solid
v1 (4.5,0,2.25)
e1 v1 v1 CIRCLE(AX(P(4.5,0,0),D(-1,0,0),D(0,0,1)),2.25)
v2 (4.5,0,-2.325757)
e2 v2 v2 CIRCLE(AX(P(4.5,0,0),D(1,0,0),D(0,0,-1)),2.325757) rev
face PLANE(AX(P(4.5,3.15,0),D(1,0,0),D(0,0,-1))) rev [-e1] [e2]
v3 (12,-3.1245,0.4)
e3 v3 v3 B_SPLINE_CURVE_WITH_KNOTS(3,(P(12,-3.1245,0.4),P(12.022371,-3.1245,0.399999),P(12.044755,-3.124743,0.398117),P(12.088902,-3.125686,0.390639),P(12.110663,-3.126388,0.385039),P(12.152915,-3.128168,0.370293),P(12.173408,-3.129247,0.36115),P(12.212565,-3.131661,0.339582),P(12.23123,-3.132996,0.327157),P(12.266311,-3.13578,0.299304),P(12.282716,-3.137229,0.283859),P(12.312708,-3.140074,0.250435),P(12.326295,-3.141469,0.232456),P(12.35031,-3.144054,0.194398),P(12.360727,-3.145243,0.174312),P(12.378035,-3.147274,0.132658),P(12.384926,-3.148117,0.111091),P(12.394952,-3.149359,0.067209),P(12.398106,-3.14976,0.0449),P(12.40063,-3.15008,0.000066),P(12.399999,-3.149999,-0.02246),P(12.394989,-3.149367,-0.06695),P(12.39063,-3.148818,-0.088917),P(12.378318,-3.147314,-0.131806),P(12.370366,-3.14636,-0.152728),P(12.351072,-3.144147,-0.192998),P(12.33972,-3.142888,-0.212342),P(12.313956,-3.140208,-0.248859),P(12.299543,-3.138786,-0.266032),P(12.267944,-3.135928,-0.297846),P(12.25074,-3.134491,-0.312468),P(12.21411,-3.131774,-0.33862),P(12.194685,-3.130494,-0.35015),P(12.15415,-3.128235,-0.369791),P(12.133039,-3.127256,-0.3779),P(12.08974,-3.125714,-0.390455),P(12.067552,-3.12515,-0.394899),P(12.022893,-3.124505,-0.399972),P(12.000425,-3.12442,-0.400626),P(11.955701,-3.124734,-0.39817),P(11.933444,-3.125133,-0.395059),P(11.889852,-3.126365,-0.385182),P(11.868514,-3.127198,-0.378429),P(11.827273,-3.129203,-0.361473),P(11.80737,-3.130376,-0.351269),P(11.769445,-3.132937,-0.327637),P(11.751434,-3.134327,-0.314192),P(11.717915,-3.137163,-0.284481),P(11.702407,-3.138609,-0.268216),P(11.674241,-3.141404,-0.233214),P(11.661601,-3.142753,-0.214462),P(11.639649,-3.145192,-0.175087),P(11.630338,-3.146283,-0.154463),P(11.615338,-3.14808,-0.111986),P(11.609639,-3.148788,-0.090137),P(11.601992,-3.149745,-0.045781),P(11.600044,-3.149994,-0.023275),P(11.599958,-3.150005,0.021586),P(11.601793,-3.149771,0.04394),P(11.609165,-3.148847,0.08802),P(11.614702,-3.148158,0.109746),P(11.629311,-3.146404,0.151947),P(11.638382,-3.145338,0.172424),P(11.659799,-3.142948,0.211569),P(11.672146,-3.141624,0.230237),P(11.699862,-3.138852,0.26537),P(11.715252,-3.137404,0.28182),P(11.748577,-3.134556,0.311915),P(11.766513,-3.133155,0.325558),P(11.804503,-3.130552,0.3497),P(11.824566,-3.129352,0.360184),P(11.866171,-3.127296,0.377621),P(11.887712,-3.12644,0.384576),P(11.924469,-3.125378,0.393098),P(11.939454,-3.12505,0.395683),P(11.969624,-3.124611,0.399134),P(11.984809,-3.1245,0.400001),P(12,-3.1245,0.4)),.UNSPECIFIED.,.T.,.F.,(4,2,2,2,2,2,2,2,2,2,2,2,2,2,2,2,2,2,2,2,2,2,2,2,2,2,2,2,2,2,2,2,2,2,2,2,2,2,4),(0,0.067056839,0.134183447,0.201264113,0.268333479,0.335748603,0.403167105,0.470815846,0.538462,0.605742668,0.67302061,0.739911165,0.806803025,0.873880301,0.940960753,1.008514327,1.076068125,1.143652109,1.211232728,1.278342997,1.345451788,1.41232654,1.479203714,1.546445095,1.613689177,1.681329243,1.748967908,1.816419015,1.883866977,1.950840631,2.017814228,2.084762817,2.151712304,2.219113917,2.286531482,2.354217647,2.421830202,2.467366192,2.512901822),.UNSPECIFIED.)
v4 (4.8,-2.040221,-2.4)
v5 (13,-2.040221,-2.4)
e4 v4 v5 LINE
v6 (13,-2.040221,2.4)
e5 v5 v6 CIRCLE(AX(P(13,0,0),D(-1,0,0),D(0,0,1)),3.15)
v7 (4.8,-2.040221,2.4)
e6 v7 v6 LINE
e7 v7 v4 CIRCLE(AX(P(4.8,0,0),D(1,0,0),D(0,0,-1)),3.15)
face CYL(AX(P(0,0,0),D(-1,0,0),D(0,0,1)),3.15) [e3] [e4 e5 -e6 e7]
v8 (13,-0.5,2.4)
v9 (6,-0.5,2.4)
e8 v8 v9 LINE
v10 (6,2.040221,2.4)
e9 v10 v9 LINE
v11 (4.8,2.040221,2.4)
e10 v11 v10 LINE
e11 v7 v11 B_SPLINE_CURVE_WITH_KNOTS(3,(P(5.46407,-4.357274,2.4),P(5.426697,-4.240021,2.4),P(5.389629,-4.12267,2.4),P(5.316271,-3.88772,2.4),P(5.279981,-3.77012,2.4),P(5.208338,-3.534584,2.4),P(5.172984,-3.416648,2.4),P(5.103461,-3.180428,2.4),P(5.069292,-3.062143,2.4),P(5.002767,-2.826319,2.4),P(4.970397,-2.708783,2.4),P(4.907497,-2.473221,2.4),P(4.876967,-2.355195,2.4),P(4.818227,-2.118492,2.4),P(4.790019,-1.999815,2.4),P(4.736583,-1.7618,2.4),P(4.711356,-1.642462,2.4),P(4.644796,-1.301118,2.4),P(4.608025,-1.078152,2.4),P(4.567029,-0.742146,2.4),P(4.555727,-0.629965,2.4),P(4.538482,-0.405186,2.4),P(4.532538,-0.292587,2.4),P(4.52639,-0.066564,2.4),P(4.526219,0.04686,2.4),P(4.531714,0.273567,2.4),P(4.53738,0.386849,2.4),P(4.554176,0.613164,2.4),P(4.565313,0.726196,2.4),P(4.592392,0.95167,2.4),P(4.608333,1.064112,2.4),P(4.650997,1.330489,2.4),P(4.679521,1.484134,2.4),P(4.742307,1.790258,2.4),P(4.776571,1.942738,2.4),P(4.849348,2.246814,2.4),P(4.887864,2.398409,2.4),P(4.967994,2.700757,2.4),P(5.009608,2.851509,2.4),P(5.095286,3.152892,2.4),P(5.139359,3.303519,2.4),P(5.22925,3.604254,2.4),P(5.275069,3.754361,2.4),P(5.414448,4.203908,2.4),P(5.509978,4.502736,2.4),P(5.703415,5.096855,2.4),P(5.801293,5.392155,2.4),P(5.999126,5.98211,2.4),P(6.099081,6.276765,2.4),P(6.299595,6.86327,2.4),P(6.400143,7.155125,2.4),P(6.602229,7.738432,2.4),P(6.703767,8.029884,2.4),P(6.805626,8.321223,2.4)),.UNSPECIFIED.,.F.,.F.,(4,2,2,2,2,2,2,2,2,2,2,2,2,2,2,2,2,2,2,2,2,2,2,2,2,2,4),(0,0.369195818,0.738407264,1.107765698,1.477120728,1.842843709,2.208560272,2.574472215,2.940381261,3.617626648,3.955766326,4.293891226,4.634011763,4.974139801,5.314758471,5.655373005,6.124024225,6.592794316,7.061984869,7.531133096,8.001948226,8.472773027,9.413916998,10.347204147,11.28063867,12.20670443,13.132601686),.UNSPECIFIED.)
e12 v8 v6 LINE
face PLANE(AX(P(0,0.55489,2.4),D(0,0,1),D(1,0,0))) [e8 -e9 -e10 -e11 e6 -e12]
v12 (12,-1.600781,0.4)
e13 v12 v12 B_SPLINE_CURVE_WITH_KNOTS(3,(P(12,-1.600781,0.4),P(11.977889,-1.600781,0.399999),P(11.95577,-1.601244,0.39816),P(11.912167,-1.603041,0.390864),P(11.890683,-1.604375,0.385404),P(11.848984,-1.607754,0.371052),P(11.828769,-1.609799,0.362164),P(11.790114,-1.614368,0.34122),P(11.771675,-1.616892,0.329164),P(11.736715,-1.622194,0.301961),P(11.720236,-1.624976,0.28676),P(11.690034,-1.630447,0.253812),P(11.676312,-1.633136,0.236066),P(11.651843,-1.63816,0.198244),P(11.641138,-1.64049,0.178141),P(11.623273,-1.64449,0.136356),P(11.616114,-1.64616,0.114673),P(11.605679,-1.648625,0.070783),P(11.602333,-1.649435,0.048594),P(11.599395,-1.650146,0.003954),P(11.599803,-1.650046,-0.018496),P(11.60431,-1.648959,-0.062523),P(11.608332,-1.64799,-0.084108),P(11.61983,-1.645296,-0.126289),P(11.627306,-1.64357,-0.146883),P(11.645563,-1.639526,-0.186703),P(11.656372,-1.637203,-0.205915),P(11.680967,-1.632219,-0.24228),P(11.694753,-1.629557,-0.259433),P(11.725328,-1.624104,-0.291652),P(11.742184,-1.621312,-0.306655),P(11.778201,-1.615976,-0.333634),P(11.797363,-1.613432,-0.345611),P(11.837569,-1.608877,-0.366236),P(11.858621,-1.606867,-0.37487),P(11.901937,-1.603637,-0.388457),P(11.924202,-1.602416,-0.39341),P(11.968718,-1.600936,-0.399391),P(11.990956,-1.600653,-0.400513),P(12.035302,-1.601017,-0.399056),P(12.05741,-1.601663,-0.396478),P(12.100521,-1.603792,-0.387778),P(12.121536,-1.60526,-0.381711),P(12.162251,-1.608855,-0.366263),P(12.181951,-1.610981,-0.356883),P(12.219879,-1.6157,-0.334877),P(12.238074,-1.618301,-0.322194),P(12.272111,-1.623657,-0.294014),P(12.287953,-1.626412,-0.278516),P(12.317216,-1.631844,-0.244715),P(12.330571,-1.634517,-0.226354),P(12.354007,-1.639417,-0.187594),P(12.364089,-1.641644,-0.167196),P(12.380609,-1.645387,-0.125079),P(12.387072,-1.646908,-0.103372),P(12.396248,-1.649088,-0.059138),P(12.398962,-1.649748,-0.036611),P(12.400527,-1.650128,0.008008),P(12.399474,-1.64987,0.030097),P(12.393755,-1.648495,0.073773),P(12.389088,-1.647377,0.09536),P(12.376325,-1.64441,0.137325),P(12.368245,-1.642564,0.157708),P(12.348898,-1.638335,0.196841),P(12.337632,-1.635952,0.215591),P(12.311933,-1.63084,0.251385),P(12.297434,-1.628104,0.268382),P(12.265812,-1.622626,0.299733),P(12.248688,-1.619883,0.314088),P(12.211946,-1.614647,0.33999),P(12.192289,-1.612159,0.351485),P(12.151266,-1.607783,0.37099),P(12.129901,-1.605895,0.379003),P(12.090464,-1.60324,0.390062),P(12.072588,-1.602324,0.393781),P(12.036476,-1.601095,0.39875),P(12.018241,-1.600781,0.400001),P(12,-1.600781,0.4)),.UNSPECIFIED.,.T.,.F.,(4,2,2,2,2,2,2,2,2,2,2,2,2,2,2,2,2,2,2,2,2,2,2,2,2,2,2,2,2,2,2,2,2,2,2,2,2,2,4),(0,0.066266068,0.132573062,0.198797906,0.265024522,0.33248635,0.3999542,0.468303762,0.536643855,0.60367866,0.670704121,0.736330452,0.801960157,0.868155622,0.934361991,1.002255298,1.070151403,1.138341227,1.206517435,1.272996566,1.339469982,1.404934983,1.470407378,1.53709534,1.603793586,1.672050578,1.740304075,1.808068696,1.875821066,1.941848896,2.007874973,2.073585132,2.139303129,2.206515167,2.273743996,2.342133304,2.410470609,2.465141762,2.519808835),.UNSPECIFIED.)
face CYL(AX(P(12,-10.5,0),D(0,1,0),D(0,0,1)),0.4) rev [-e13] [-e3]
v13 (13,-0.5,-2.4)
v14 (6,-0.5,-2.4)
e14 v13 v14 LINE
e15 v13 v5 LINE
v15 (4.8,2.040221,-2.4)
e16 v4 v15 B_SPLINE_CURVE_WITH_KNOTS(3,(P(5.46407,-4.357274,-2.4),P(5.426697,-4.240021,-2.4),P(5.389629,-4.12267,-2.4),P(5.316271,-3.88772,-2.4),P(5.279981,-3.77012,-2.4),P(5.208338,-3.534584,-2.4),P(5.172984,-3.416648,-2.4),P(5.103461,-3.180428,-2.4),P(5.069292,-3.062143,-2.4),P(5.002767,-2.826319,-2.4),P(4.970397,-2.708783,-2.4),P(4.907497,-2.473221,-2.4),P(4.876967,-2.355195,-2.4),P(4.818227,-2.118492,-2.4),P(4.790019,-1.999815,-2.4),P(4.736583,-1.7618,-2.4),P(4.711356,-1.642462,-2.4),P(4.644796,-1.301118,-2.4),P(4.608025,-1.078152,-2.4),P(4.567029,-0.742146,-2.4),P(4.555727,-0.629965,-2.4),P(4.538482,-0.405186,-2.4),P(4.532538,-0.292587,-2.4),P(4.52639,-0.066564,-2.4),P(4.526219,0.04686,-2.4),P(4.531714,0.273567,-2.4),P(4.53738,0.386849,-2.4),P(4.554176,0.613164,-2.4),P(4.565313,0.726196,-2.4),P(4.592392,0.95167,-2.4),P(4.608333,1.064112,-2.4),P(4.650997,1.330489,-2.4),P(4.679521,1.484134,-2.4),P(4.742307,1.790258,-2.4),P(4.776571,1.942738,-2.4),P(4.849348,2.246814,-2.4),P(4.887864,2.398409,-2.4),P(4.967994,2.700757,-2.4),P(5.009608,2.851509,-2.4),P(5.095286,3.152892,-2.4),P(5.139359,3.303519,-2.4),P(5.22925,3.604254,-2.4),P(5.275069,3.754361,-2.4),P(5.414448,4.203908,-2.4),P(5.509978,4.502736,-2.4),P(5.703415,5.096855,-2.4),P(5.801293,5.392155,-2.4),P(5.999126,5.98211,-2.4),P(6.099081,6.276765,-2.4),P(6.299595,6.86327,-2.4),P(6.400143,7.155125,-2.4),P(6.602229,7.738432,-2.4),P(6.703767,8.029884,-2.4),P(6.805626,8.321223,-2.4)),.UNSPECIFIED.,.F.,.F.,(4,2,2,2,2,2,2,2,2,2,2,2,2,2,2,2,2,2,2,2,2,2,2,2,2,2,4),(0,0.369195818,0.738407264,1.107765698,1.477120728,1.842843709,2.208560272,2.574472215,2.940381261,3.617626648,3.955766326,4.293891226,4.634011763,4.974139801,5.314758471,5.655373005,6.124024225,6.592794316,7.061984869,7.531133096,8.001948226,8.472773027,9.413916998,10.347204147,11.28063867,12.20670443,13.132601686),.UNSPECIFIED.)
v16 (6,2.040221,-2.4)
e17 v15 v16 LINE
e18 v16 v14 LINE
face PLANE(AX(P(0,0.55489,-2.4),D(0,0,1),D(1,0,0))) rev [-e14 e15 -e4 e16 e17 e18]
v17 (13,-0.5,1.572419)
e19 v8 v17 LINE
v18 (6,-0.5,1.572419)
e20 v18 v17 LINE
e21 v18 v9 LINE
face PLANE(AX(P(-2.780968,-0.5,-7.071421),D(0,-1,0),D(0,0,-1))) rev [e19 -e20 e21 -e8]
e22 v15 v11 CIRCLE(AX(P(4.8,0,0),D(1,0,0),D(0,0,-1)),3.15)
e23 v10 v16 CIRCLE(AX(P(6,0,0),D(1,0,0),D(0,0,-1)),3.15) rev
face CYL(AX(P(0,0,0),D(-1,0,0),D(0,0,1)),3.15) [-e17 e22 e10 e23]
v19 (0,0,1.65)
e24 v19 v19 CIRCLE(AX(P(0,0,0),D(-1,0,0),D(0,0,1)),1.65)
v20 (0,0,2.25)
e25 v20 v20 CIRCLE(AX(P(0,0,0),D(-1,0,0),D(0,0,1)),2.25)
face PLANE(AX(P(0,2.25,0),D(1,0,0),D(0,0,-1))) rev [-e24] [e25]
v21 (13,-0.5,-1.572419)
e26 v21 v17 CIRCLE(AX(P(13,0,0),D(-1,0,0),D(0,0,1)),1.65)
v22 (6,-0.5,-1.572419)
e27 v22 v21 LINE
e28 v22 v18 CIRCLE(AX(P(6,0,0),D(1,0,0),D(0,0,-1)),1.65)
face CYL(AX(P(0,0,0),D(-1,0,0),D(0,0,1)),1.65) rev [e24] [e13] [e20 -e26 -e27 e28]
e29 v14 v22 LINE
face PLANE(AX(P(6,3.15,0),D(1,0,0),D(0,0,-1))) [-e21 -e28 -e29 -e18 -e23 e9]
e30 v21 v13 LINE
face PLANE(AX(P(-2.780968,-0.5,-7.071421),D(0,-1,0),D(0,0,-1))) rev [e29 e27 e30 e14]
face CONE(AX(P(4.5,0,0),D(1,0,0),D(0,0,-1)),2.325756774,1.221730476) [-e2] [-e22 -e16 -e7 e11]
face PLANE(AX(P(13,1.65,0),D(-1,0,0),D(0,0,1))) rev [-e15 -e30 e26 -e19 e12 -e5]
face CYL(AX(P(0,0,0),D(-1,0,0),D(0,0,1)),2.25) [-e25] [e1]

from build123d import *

# Parameters (mm, degrees)
CUT_EXTRUDE_1_DEPTH      = 7
CHAMFER_1_SIZE           = 0.3
CHAMFER_1_SIZE2          = 0.824243226
SKETCH_3_R               = 0.4
CUT_EXTRUDE_2_DEPTH      = 10
CUT_EXTRUDE_3_DEPTH      = 7.0000001
CUT_EXTRUDE_3_DEPTH_BACK = 8.0000001


with BuildPart() as part:
    # Эскиз1 → Повернуть1 (revolve)
    with BuildSketch(Plane.XY):
        Polygon((0, 1.65), (13, 1.65), (13, 3.15), (4.5, 3.15), (4.5, 2.25), (0, 2.25), align=None)
    revolve(axis=Axis((0, 0, 0), (1, 0, 0)))

    # Эскиз2 → Вырез-Вытянуть1 (cut)
    with BuildSketch(Plane(origin=(13, 0, 0), x_dir=(0, 0, -1), z_dir=(1, 0, 0))):
        Polygon((-27.602946028, -0.5), (-3.110064308, -0.5), (3.110064308, -0.5), (27.602946028, -0.5), (27.602946028, 48.485763441), (-27.602946028, 48.485763441), align=None)
    extrude(amount=-CUT_EXTRUDE_1_DEPTH, mode=Mode.SUBTRACT)

    # Фаска1
    chamfer_1_edges = [part.edges().sort_by_distance(p)[0] for p in [
        (4.5, -3.15, 0),
    ]]
    chamfer_1_side = [part.faces().sort_by_distance(p)[0] for p in [
        (8.75, -3.15, 0),
    ]]
    chamfer(chamfer_1_edges, length=CHAMFER_1_SIZE, length2=CHAMFER_1_SIZE2, reference=chamfer_1_side[0])

    # Эскиз3 → Вырез-Вытянуть2 (cut)
    with BuildSketch(Plane(origin=(0, -0.5, 0), x_dir=(1, 0, 0), z_dir=(0, 1, 0))):
        with Locations((12, 0)):
            Circle(SKETCH_3_R)
    extrude(amount=-CUT_EXTRUDE_2_DEPTH, mode=Mode.SUBTRACT)

    # Эскиз4 → Вырез-Вытянуть3 (cut, two sides)
    with BuildSketch(Plane.ZY.offset(-6)) as cut_extrude_3_sk:
        with BuildLine():
            ThreePointArc((-3.110064308, -0.5), (-3.033707684, 0.84800807), (-2.4, 2.040220576))
            Line((-2.4, 2.040220576), (-3.699342341, 2.040220576))
            Line((-3.699342341, 2.040220576), (-3.699342341, -2.040220576))
            Line((-3.699342341, -2.040220576), (-2.4, -2.040220576))
            Line((-2.4, -2.040220576), (-2.4, -0.5))
            Line((-2.4, -0.5), (-3.110064308, -0.5))
        make_face()
        with BuildLine():
            Line((4.02795857, 2.040220576), (2.4, 2.040220576))
            ThreePointArc((2.4, 2.040220576), (3.033707684, 0.84800807), (3.110064308, -0.5))
            Line((3.110064308, -0.5), (2.4, -0.5))
            Line((2.4, -0.5), (2.4, -2.040220576))
            Line((2.4, -2.040220576), (4.02795857, -2.040220576))
            Line((4.02795857, -2.040220576), (4.02795857, 2.040220576))
        make_face()
        with BuildLine():
            Line((-2.4, -0.5), (-2.4, 2.040220576))
            ThreePointArc((-2.4, 2.040220576), (-3.033707684, 0.84800807), (-3.110064308, -0.5))
            Line((-3.110064308, -0.5), (-2.4, -0.5))
        make_face()
        with BuildLine():
            ThreePointArc((3.110064308, -0.5), (3.033707684, 0.84800807), (2.4, 2.040220576))
            Line((2.4, 2.040220576), (2.4, -0.5))
            Line((2.4, -0.5), (3.110064308, -0.5))
        make_face()
    extrude(amount=CUT_EXTRUDE_3_DEPTH, mode=Mode.SUBTRACT)
    extrude(cut_extrude_3_sk.sketch, amount=-CUT_EXTRUDE_3_DEPTH_BACK, mode=Mode.SUBTRACT)


solid = part.part
